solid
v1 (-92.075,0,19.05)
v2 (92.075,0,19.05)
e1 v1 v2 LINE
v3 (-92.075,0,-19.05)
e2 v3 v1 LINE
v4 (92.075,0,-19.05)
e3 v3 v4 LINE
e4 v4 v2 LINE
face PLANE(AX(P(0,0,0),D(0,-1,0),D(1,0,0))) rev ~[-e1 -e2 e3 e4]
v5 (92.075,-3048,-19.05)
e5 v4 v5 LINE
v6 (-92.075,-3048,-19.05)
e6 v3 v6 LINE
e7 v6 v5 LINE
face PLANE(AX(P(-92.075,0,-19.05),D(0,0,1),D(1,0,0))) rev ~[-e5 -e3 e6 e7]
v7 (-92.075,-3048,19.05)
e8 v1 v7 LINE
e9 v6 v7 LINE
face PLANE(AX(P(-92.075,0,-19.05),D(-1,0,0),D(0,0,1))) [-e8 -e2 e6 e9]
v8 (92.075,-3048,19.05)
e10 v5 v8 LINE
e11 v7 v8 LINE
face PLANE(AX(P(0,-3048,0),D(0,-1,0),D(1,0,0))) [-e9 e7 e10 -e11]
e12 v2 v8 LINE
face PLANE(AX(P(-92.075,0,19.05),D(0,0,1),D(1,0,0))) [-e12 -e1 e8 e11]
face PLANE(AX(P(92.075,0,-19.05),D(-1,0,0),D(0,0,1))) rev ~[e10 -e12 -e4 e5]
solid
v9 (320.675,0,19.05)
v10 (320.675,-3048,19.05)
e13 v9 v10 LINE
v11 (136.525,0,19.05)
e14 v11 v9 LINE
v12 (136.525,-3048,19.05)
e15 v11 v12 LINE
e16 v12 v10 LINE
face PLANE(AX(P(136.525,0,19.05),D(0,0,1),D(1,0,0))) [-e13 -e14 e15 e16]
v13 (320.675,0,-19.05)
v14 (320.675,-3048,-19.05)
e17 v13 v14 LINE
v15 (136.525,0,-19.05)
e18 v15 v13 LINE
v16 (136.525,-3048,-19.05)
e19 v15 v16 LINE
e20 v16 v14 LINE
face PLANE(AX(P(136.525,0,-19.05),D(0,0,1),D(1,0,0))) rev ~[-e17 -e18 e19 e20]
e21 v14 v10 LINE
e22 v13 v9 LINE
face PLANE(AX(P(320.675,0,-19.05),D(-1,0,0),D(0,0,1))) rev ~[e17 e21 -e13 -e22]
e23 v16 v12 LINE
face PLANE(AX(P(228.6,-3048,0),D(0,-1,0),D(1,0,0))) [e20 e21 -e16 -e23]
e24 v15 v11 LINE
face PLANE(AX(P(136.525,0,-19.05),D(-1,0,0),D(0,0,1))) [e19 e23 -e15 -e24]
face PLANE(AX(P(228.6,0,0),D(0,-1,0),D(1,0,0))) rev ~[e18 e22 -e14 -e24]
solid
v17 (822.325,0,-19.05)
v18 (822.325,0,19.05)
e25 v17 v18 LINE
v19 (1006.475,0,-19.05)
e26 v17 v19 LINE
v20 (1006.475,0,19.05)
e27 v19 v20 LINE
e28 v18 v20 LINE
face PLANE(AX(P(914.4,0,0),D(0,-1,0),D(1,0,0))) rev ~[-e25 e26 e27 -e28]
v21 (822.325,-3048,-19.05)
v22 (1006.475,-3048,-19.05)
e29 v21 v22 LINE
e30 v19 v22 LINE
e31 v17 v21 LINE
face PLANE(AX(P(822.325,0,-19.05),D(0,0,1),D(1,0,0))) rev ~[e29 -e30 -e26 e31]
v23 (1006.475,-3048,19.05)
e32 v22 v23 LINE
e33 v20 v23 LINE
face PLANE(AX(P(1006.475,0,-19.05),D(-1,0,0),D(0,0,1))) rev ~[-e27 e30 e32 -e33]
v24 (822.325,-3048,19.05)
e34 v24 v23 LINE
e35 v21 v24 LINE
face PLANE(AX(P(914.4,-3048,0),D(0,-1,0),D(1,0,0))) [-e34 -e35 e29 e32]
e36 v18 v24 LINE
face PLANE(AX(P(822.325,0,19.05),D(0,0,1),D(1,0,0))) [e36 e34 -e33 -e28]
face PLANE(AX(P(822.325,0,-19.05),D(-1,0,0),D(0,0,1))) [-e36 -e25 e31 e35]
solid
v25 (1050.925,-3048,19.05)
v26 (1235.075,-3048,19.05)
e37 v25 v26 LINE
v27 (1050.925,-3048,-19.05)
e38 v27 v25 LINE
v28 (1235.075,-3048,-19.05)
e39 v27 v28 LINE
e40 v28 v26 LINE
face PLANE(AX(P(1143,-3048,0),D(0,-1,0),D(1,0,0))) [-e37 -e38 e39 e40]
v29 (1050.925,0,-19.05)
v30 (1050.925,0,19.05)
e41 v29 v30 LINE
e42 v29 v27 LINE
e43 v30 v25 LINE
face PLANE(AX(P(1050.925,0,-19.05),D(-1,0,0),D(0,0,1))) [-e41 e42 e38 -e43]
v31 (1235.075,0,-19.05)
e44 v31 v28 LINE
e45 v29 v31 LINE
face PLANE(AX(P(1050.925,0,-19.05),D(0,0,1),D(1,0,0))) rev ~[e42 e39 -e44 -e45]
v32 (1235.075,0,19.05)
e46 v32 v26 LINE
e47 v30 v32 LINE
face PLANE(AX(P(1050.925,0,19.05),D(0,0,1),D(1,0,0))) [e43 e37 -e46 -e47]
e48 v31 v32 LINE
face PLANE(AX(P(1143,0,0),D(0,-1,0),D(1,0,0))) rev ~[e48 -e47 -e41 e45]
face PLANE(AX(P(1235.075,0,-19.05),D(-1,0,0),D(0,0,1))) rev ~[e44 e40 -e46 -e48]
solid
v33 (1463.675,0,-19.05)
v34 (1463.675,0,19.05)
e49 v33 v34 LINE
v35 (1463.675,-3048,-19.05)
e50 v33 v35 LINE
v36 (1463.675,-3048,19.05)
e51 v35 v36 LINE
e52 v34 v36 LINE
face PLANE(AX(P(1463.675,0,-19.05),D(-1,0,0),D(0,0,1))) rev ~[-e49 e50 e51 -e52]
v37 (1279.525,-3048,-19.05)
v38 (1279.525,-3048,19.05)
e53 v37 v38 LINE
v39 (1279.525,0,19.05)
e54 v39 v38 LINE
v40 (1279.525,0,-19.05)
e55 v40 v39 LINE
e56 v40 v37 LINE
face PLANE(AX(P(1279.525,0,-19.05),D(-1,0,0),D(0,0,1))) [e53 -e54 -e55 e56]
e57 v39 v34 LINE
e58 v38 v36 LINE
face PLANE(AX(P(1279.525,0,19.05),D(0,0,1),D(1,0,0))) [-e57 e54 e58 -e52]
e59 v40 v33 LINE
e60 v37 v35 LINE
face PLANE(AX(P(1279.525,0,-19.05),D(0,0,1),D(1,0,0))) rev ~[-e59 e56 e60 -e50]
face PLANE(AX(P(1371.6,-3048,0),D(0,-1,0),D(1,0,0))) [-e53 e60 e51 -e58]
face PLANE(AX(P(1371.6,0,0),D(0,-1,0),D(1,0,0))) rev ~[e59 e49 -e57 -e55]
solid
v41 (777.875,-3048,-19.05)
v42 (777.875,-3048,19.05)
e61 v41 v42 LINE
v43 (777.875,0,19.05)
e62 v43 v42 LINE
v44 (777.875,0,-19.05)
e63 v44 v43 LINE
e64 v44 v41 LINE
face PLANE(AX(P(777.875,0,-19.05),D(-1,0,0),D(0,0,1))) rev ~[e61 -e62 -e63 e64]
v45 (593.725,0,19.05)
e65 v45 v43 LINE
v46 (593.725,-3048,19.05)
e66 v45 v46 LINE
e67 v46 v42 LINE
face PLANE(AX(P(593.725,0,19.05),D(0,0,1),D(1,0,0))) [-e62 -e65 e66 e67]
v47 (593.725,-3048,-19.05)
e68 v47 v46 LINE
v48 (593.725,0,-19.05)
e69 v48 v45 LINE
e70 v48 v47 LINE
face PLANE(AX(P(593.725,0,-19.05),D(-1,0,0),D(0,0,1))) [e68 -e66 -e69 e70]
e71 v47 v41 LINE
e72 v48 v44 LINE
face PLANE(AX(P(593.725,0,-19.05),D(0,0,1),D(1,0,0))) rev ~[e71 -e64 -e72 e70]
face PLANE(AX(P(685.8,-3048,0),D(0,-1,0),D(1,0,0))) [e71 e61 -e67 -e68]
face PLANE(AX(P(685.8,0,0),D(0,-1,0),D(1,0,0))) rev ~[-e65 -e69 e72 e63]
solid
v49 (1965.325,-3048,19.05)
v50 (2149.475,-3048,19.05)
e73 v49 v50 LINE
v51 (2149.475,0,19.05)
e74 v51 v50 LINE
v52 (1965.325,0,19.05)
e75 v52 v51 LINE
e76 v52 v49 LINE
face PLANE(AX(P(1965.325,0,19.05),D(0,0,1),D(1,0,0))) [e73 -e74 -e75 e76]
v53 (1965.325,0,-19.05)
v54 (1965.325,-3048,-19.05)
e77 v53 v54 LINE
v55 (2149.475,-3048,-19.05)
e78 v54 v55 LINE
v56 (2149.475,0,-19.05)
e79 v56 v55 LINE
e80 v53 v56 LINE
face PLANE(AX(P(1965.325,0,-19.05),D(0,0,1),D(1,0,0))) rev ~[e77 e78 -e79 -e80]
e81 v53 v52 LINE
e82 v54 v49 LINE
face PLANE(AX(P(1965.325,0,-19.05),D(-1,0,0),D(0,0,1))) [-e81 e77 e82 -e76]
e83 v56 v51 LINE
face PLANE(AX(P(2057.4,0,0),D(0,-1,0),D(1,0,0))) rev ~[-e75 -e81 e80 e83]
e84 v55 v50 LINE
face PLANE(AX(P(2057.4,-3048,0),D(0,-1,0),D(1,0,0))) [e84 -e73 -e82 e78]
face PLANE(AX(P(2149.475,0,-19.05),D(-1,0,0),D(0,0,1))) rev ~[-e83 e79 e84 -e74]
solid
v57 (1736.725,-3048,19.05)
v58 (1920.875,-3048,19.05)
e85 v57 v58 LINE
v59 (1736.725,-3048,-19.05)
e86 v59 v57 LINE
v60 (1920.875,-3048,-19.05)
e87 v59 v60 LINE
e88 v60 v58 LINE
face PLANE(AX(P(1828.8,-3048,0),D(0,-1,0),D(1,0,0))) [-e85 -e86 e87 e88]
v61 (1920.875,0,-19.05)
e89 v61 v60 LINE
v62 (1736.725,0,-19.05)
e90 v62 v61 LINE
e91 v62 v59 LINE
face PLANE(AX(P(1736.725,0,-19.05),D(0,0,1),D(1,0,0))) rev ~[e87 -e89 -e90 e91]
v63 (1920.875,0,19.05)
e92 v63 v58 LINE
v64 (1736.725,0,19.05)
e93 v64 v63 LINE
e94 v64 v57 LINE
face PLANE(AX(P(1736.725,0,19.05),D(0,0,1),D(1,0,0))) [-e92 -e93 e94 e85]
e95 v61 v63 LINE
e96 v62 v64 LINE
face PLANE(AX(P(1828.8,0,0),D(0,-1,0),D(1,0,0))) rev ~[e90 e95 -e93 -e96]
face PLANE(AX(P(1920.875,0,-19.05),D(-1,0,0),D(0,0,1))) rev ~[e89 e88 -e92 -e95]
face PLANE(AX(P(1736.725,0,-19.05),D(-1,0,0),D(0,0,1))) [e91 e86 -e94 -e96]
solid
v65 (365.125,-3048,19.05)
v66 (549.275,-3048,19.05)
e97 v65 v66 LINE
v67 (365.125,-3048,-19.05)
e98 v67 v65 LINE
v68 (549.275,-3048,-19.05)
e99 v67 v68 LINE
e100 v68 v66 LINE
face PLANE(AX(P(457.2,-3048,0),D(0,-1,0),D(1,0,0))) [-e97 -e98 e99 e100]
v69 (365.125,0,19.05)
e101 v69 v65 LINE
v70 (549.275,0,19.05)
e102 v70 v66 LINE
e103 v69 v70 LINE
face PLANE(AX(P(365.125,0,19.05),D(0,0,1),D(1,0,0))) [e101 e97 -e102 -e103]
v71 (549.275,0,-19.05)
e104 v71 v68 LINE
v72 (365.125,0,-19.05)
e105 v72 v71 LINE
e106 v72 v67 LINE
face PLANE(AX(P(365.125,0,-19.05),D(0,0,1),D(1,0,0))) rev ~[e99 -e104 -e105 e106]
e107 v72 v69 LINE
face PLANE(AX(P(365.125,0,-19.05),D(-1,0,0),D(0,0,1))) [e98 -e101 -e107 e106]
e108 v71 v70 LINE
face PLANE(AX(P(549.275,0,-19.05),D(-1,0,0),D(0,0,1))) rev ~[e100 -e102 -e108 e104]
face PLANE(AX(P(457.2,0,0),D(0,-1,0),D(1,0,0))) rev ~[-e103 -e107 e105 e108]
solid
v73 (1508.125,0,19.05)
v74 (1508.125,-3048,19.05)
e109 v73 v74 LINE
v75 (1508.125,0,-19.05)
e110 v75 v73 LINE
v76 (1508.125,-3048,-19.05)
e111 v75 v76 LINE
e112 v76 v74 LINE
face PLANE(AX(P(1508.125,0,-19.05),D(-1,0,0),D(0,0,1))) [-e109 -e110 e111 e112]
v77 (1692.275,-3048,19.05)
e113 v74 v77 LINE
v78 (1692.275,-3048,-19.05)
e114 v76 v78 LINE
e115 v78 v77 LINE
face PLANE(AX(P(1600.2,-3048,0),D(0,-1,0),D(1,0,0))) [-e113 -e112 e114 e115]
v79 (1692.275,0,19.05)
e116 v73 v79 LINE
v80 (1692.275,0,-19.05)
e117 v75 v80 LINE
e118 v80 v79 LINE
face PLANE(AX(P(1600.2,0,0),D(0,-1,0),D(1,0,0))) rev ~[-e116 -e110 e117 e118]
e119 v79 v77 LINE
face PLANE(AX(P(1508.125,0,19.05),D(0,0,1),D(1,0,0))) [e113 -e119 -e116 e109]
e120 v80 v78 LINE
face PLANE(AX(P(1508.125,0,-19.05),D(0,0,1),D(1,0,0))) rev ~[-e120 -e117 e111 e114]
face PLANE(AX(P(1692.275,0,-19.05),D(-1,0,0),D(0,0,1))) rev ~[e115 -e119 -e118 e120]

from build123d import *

# Parameters (mm, degrees)
F0_W     = 184.15
F0_H     = 38.1
F1_DEPTH = 3048


with BuildPart() as f1:
    # F0 (on Front) → F1 (new body)
    with BuildSketch(Plane.XZ):
        with Locations((228.6, 0)):
            Rectangle(F0_W, F0_H)
        with Locations((457.2, 0)):
            Rectangle(F0_W, F0_H)
        with Locations((685.8, 0)):
            Rectangle(F0_W, F0_H)
        with Locations((914.4, 0)):
            Rectangle(F0_W, F0_H)
        with Locations((1143, 0)):
            Rectangle(F0_W, F0_H)
        with Locations((1371.6, 0)):
            Rectangle(F0_W, F0_H)
        with Locations((1600.2, 0)):
            Rectangle(F0_W, F0_H)
        with Locations((1828.8, 0)):
            Rectangle(F0_W, F0_H)
        with Locations((2057.4, 0)):
            Rectangle(F0_W, F0_H)
        Rectangle(F0_W, F0_H)
    extrude(amount=F1_DEPTH)


solid = f1.part
